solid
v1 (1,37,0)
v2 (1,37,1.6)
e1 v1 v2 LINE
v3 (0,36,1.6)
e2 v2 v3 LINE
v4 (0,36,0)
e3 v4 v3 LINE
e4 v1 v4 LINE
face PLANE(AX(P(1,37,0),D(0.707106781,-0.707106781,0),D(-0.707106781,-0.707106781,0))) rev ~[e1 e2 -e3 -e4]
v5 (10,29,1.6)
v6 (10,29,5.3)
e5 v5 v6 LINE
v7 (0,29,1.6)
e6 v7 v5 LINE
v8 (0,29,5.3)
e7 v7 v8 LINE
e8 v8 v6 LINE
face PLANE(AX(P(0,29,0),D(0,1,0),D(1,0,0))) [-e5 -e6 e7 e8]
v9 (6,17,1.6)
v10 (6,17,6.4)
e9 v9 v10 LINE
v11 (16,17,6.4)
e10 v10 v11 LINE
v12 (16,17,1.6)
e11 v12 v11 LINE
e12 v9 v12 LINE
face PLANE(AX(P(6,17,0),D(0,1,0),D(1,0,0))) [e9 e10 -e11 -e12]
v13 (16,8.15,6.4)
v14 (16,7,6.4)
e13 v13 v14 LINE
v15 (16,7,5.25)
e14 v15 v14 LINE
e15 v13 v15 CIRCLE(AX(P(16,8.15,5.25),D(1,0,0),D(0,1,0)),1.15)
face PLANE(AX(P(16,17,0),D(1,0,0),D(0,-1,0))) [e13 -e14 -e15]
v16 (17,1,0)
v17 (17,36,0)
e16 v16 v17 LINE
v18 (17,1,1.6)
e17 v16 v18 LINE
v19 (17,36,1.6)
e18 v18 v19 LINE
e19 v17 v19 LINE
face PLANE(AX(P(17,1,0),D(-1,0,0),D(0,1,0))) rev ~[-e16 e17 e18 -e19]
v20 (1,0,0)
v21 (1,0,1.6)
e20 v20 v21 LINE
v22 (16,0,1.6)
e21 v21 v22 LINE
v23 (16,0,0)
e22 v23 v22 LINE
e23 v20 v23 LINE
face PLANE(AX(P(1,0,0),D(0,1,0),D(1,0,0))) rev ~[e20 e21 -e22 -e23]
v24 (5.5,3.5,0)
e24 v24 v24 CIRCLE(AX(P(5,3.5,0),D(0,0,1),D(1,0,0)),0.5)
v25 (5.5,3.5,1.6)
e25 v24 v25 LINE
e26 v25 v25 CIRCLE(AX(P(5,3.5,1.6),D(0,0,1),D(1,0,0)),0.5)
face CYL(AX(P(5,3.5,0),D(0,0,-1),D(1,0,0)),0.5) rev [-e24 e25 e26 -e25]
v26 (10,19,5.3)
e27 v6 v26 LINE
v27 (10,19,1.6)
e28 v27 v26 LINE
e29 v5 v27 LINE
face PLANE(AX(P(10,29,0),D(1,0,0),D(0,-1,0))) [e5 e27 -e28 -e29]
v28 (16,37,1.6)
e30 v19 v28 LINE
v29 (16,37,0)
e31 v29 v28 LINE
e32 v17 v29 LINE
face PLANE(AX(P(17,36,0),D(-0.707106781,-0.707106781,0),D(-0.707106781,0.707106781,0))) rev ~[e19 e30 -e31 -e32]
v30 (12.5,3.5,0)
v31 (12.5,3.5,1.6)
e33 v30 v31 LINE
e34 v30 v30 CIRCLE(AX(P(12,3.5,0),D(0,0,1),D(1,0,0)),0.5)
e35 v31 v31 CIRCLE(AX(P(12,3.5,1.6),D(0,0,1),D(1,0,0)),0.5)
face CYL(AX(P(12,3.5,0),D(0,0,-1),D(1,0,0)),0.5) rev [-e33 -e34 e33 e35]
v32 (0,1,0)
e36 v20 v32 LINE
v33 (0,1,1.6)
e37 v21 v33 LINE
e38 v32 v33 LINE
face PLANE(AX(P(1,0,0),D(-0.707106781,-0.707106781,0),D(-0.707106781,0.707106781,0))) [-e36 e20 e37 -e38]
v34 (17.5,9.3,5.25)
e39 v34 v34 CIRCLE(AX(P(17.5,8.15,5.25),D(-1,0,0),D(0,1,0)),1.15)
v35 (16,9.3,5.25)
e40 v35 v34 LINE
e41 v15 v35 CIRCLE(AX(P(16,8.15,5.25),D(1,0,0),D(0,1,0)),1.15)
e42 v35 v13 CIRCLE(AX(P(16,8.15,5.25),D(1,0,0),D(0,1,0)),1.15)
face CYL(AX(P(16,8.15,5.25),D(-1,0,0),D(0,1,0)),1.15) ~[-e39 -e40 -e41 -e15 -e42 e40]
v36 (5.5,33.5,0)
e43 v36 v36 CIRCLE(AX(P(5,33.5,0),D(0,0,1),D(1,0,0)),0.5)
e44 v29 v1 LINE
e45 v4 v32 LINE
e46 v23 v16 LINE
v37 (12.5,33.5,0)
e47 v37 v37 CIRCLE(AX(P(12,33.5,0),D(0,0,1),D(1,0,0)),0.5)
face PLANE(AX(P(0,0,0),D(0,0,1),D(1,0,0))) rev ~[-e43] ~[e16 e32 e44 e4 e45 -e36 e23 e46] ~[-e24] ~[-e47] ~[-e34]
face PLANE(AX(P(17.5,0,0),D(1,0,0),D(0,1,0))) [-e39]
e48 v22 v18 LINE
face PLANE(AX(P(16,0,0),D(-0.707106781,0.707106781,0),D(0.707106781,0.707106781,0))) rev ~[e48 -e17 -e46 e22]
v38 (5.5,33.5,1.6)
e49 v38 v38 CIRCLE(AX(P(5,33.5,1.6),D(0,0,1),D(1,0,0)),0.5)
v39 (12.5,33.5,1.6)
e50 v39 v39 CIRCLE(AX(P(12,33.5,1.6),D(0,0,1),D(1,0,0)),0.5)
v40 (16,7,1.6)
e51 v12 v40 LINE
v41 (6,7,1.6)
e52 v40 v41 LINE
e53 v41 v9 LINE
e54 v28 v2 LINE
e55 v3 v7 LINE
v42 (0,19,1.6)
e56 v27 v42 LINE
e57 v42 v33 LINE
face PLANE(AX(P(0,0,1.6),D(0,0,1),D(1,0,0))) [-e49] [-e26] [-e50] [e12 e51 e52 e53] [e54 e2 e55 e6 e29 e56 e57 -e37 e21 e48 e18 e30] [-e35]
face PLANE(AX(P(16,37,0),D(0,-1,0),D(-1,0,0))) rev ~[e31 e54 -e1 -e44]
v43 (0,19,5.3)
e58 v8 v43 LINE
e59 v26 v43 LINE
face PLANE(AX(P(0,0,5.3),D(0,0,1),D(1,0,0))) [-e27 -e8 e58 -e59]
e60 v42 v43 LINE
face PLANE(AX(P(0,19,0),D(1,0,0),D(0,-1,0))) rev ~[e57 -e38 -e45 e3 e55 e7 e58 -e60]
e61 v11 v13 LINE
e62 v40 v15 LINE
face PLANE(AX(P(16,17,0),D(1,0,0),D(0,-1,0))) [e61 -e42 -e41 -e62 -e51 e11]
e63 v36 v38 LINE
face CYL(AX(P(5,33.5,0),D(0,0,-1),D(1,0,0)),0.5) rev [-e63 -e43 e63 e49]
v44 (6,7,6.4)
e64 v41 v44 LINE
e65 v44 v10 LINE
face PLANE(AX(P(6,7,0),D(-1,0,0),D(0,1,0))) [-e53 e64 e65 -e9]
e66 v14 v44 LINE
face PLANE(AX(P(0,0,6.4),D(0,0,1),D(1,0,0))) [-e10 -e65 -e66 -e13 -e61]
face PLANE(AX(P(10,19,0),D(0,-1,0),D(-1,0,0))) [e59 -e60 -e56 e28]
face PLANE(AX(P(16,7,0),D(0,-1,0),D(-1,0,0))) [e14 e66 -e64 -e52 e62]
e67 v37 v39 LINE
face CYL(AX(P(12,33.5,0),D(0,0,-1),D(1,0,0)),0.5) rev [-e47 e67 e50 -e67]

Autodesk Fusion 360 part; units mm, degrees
sketch "Skizze1" plane through (0, 0, 0) normal (0, 0, 1) x (1, 0, 0)
  line L0 (1, 0) -> (16, 0)
  line L1 (17, 1) -> (17, 36)
  line L2 (16, 37) -> (1, 37)
  line L3 (0, 36) -> (0, 1)
  circle A0 centre (5, 33.5) radius 0.5
  circle A1 centre (12, 33.5) radius 0.5
  circle A2 centre (5, 3.5) radius 0.5
  circle A3 centre (12, 3.5) radius 0.5
  line L4 (0, 29) -> (10, 29)
  line L5 (10, 29) -> (10, 19)
  line L6 (10, 19) -> (0, 19)
  line L7 (0, 19) -> (0, 29)
  line L8 (16, 7) -> (6, 7)
  line L9 (6, 7) -> (6, 17)
  line L10 (6, 17) -> (16, 17)
  line L11 (16, 17) -> (16, 7)
  line L12 (1, 37) -> (0, 36)
  line L13 (17, 36) -> (16, 37)
  line L14 (1, 0) -> (0, 1)
  line L15 (16, 0) -> (17, 1)
  point P0 (17, 0)
  point P1 (17, 37)
  point P2 (0, 37)
  dimension "d1" = 17
  dimension "d2" = 37
  dimension "d3" = 1
  dimension "d4" = 5
  dimension "d5" = 3.5
  dimension "d8" = 7
  dimension "d9" = -30
  dimension "d10" = 10
  dimension "d11" = 10
  dimension "d12" = 8
  dimension "d13" = 10
  dimension "d14" = 10
  dimension "d15" = 7
  dimension "d16" = 1
  dimension "d28" = 1
  dimension "d29" = 1
  dimension "d30" = 1
  dimension "d31" = 1
  dimension "d32" = 1
  dimension "d33" = 1
  dimension "d34" = 1
  dimension "d35" = 1
extrude "Extrusion1" add sketch "Skizze1" along normal blind 1.6 contours L0 L1 L2 L3 L4 L5 L6 L12 L13 L14 L15
extrude "Extrusion2" add sketch "Skizze1" along normal blind 5.3 contours L3 L4 L5 L6 L7
extrude "Extrusion3" add sketch "Skizze1" along normal blind 6.4 contours L8 L9 L10 L11
sketch "Skizze2" plane through (16, 0, 0) normal (1, 0, 0) x (0, 1, 0)
  line L0 (17, 1.6) -> (17, 6.4)
  line L1 (17, 6.4) -> (7, 6.4)
  line L2 (7, 6.4) -> (7, 1.6)
  circle A0 centre (8.15, 5.25) radius 1.15
  line L3 (7, 1.6) -> (17, 1.6)
  dimension "d23" = 2.3
  dimension "d24" = 1.15
  dimension "d25" = 1.15
extrude "Extrusion4" add sketch "Skizze2" along normal blind 1.5 contours A0
equation "d29 = d28"
equation "d31 = d30"
equation "d33 = d32"
equation "d35 = d34"
